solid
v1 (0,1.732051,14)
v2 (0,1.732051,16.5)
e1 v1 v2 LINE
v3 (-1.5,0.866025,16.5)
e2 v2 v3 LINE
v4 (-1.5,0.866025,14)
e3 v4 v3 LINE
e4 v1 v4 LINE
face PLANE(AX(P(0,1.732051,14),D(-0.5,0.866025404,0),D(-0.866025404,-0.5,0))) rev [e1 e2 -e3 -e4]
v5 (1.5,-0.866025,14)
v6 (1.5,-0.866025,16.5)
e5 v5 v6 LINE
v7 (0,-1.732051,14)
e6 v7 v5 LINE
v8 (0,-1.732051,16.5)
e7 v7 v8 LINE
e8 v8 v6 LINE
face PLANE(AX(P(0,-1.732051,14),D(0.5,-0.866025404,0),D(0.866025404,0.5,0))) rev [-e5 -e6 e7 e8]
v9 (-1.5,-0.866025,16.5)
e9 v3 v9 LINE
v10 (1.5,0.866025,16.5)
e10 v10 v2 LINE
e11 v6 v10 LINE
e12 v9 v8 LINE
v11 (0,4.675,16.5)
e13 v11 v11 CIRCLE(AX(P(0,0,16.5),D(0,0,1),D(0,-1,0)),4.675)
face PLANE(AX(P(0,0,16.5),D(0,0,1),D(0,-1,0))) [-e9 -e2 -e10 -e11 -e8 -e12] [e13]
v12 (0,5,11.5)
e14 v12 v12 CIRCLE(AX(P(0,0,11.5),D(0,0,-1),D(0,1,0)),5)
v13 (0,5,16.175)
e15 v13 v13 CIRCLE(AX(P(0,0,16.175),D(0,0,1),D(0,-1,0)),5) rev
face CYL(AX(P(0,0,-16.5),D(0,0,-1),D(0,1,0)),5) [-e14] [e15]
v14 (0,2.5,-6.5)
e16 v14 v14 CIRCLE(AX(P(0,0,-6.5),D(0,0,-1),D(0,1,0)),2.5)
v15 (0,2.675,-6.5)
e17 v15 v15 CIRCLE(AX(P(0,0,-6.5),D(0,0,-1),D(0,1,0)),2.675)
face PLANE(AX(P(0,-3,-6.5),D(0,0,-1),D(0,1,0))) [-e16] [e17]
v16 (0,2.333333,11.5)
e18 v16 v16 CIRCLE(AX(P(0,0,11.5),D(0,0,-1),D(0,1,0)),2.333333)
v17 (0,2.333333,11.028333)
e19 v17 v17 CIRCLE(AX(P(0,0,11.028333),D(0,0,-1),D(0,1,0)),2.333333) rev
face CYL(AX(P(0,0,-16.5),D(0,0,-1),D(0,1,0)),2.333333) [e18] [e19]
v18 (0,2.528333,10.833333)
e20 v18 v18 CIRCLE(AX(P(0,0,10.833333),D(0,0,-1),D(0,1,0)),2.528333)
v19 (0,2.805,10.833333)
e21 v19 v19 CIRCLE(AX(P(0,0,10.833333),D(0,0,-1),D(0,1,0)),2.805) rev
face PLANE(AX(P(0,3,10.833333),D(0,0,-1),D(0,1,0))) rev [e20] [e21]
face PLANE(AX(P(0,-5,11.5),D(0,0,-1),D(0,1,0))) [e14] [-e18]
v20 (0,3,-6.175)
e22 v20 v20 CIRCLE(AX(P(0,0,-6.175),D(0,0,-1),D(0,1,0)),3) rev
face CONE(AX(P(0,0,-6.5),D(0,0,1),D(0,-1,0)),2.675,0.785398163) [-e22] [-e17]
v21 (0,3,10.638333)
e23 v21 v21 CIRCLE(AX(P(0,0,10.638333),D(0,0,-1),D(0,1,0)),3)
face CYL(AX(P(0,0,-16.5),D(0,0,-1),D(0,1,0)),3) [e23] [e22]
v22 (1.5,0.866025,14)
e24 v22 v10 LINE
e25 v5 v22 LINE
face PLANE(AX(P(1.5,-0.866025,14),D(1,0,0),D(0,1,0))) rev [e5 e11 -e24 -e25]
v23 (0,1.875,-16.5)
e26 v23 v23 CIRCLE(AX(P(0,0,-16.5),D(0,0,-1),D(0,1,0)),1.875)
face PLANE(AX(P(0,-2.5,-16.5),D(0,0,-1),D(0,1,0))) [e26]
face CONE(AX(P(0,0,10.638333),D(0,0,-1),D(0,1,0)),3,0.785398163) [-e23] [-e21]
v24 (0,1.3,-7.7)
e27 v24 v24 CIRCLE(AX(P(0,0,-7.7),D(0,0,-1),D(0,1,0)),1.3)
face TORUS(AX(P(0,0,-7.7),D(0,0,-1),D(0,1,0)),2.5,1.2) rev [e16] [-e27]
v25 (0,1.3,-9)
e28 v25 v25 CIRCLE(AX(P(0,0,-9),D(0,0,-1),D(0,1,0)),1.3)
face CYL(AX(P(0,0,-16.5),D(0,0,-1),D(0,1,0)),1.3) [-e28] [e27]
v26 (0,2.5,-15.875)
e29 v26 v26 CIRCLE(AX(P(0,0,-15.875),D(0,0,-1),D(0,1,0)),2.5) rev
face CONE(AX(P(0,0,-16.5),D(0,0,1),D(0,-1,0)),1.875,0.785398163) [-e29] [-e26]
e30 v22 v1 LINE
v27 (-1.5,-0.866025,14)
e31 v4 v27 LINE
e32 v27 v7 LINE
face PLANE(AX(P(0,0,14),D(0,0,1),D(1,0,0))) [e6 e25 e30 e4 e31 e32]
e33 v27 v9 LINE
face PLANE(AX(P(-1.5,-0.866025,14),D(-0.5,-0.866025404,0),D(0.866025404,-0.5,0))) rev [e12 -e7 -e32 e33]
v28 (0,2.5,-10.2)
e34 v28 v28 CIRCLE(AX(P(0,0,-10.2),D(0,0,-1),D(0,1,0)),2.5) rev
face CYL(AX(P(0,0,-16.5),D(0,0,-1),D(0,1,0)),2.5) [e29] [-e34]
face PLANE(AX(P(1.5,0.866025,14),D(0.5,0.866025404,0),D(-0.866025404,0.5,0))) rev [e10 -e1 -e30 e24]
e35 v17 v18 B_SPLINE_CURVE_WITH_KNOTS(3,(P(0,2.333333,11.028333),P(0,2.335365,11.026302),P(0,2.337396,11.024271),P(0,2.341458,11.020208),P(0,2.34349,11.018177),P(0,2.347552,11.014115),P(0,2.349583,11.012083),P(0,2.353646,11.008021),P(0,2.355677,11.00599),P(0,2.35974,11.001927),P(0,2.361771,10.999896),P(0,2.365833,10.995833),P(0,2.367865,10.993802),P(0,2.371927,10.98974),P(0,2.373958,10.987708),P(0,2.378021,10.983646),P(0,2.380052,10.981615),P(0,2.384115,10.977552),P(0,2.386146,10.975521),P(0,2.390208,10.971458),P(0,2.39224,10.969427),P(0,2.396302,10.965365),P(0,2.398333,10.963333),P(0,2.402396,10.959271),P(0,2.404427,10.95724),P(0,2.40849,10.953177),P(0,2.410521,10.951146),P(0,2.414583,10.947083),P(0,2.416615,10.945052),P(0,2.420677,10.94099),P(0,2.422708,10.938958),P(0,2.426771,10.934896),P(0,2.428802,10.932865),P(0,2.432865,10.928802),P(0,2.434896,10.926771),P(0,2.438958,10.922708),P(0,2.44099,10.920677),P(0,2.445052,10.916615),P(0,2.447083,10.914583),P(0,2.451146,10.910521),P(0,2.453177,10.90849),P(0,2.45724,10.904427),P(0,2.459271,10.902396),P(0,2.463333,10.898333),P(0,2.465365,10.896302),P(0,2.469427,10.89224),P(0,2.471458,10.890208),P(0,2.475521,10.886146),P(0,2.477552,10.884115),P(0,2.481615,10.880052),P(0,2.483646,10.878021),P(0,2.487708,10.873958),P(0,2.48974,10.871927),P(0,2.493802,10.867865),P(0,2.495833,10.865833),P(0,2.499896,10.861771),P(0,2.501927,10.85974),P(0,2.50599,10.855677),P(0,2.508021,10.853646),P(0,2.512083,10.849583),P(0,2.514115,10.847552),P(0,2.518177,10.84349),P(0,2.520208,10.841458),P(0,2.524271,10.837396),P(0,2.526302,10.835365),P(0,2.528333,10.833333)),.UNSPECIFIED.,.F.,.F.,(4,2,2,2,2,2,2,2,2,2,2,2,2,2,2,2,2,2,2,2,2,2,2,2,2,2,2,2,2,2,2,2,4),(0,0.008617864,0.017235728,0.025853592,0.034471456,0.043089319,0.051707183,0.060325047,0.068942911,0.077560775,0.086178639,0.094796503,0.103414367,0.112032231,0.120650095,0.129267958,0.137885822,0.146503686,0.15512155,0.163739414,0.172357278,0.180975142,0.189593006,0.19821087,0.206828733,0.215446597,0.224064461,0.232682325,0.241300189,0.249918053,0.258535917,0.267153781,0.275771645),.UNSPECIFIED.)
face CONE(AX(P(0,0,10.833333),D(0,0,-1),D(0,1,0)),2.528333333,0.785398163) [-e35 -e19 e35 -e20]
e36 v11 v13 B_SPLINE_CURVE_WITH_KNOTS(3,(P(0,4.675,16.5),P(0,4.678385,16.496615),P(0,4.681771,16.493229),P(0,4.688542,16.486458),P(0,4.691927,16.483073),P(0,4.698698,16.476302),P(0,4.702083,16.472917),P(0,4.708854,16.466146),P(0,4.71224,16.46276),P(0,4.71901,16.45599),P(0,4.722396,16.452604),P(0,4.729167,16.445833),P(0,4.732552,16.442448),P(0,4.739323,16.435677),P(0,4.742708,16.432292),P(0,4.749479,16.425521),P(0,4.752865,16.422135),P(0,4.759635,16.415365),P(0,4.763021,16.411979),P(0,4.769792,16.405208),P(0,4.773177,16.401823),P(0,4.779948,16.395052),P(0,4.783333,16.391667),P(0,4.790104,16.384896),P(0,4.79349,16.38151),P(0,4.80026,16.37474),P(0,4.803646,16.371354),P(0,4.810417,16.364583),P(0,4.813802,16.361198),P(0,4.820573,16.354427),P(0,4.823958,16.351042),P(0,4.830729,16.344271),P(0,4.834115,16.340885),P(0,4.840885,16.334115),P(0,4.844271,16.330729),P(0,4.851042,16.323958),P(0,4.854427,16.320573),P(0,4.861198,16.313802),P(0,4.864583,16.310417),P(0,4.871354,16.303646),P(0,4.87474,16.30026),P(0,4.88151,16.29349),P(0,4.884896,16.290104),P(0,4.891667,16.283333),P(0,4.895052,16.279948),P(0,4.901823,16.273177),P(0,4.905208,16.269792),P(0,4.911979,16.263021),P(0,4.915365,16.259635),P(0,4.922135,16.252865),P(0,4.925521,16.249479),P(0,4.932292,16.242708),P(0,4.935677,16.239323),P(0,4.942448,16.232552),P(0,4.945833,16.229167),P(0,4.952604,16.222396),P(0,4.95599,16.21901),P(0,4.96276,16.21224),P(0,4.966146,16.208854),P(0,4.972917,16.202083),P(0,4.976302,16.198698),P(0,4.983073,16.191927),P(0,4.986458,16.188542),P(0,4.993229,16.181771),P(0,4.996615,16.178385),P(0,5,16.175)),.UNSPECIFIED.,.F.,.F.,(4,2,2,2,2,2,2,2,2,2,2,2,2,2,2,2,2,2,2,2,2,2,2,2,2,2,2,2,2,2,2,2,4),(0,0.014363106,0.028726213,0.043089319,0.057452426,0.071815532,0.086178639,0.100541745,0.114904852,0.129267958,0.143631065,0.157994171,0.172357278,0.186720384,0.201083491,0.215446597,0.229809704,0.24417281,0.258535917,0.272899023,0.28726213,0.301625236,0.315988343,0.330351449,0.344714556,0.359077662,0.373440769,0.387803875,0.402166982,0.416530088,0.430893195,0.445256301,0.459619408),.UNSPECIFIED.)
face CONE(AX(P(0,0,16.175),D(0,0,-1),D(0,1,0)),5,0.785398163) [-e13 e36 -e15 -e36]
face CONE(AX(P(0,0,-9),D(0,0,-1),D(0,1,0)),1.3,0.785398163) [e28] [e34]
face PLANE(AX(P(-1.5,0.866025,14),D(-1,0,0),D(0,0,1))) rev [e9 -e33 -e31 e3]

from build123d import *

# Parameters (mm, degrees)
SKETCH4_W          = 0.666666667
SKETCH4_H          = 0.666666667
CHAMFER1_SIZE      = 0.195
CHAMFER2_SIZE      = 0.625
CHAMFER3_SIZE      = 0.325
CUT_EXTRUDE1_DEPTH = 2.5


with BuildPart() as part:
    # Sketch3 → Revolve1 (revolve)
    with BuildSketch(Plane(origin=(0, 0, 0), x_dir=(0, 0, -1), z_dir=(1, 0, 0))):
        Polygon((-16.5, 5), (-11.5, 5), (-11.5, 3), (6.5, 3), (6.5, 2.5), (16.5, 2.5), (16.5, 0), (-16.5, 0), align=None)
    revolve(axis=Axis((0, 0, -16.5), (0, 0, 1)))

    # Sketch4 → Cut-Revolve1 (revolve, cut)
    with BuildSketch(Plane(origin=(0, 0, 0), x_dir=(0, 0, -1), z_dir=(1, 0, 0))):
        with Locations((-11.166666666, 2.666666667)):
            Rectangle(SKETCH4_W, SKETCH4_H)
    revolve(axis=Axis((0, 0, -16.5), (0, 0, 1)), mode=Mode.SUBTRACT)

    # Chamfer1
    chamfer1_edges = [part.edges().sort_by_distance(p)[0] for p in [
        (0, -2.333333333, 10.833333333),
        (0, -3, 10.833333333),
    ]]
    chamfer(chamfer1_edges, length=CHAMFER1_SIZE)

    # Sketch6 → Cut-Revolve2 (revolve, cut)
    with BuildSketch(Plane(origin=(0, 0, 0), x_dir=(0, 0, -1), z_dir=(1, 0, 0))):
        with BuildLine():
            Line((6.5, 3), (10.7, 3))
            Line((10.7, 3), (9, 1.3))
            Line((9, 1.3), (7.7, 1.3))
            ThreePointArc((7.7, 1.3), (6.851471863, 1.651471863), (6.5, 2.5))
            Line((6.5, 2.5), (6.5, 3))
        make_face()
    revolve(axis=Axis((0, 0, -16.5), (0, 0, 1)), mode=Mode.SUBTRACT)

    # Chamfer2
    chamfer2_edges = [part.edges().sort_by_distance(p)[0] for p in [
        (0, -2.5, -16.5),
    ]]
    chamfer(chamfer2_edges, length=CHAMFER2_SIZE)

    # Chamfer3
    chamfer3_edges = [part.edges().sort_by_distance(p)[0] for p in [
        (0, -3, -6.5),
        (0, -5, 16.5),
    ]]
    chamfer(chamfer3_edges, length=CHAMFER3_SIZE)

    # Sketch8 → Cut-Extrude1 (cut)
    with BuildSketch(Plane.XY.offset(16.5)):
        Polygon((1.5, 0.866025404), (0, 1.732050808), (-1.5, 0.866025404), (-1.5, -0.866025404), (0, -1.732050808), (1.5, -0.866025404), align=None)
    extrude(amount=-CUT_EXTRUDE1_DEPTH, mode=Mode.SUBTRACT)


solid = part.part
